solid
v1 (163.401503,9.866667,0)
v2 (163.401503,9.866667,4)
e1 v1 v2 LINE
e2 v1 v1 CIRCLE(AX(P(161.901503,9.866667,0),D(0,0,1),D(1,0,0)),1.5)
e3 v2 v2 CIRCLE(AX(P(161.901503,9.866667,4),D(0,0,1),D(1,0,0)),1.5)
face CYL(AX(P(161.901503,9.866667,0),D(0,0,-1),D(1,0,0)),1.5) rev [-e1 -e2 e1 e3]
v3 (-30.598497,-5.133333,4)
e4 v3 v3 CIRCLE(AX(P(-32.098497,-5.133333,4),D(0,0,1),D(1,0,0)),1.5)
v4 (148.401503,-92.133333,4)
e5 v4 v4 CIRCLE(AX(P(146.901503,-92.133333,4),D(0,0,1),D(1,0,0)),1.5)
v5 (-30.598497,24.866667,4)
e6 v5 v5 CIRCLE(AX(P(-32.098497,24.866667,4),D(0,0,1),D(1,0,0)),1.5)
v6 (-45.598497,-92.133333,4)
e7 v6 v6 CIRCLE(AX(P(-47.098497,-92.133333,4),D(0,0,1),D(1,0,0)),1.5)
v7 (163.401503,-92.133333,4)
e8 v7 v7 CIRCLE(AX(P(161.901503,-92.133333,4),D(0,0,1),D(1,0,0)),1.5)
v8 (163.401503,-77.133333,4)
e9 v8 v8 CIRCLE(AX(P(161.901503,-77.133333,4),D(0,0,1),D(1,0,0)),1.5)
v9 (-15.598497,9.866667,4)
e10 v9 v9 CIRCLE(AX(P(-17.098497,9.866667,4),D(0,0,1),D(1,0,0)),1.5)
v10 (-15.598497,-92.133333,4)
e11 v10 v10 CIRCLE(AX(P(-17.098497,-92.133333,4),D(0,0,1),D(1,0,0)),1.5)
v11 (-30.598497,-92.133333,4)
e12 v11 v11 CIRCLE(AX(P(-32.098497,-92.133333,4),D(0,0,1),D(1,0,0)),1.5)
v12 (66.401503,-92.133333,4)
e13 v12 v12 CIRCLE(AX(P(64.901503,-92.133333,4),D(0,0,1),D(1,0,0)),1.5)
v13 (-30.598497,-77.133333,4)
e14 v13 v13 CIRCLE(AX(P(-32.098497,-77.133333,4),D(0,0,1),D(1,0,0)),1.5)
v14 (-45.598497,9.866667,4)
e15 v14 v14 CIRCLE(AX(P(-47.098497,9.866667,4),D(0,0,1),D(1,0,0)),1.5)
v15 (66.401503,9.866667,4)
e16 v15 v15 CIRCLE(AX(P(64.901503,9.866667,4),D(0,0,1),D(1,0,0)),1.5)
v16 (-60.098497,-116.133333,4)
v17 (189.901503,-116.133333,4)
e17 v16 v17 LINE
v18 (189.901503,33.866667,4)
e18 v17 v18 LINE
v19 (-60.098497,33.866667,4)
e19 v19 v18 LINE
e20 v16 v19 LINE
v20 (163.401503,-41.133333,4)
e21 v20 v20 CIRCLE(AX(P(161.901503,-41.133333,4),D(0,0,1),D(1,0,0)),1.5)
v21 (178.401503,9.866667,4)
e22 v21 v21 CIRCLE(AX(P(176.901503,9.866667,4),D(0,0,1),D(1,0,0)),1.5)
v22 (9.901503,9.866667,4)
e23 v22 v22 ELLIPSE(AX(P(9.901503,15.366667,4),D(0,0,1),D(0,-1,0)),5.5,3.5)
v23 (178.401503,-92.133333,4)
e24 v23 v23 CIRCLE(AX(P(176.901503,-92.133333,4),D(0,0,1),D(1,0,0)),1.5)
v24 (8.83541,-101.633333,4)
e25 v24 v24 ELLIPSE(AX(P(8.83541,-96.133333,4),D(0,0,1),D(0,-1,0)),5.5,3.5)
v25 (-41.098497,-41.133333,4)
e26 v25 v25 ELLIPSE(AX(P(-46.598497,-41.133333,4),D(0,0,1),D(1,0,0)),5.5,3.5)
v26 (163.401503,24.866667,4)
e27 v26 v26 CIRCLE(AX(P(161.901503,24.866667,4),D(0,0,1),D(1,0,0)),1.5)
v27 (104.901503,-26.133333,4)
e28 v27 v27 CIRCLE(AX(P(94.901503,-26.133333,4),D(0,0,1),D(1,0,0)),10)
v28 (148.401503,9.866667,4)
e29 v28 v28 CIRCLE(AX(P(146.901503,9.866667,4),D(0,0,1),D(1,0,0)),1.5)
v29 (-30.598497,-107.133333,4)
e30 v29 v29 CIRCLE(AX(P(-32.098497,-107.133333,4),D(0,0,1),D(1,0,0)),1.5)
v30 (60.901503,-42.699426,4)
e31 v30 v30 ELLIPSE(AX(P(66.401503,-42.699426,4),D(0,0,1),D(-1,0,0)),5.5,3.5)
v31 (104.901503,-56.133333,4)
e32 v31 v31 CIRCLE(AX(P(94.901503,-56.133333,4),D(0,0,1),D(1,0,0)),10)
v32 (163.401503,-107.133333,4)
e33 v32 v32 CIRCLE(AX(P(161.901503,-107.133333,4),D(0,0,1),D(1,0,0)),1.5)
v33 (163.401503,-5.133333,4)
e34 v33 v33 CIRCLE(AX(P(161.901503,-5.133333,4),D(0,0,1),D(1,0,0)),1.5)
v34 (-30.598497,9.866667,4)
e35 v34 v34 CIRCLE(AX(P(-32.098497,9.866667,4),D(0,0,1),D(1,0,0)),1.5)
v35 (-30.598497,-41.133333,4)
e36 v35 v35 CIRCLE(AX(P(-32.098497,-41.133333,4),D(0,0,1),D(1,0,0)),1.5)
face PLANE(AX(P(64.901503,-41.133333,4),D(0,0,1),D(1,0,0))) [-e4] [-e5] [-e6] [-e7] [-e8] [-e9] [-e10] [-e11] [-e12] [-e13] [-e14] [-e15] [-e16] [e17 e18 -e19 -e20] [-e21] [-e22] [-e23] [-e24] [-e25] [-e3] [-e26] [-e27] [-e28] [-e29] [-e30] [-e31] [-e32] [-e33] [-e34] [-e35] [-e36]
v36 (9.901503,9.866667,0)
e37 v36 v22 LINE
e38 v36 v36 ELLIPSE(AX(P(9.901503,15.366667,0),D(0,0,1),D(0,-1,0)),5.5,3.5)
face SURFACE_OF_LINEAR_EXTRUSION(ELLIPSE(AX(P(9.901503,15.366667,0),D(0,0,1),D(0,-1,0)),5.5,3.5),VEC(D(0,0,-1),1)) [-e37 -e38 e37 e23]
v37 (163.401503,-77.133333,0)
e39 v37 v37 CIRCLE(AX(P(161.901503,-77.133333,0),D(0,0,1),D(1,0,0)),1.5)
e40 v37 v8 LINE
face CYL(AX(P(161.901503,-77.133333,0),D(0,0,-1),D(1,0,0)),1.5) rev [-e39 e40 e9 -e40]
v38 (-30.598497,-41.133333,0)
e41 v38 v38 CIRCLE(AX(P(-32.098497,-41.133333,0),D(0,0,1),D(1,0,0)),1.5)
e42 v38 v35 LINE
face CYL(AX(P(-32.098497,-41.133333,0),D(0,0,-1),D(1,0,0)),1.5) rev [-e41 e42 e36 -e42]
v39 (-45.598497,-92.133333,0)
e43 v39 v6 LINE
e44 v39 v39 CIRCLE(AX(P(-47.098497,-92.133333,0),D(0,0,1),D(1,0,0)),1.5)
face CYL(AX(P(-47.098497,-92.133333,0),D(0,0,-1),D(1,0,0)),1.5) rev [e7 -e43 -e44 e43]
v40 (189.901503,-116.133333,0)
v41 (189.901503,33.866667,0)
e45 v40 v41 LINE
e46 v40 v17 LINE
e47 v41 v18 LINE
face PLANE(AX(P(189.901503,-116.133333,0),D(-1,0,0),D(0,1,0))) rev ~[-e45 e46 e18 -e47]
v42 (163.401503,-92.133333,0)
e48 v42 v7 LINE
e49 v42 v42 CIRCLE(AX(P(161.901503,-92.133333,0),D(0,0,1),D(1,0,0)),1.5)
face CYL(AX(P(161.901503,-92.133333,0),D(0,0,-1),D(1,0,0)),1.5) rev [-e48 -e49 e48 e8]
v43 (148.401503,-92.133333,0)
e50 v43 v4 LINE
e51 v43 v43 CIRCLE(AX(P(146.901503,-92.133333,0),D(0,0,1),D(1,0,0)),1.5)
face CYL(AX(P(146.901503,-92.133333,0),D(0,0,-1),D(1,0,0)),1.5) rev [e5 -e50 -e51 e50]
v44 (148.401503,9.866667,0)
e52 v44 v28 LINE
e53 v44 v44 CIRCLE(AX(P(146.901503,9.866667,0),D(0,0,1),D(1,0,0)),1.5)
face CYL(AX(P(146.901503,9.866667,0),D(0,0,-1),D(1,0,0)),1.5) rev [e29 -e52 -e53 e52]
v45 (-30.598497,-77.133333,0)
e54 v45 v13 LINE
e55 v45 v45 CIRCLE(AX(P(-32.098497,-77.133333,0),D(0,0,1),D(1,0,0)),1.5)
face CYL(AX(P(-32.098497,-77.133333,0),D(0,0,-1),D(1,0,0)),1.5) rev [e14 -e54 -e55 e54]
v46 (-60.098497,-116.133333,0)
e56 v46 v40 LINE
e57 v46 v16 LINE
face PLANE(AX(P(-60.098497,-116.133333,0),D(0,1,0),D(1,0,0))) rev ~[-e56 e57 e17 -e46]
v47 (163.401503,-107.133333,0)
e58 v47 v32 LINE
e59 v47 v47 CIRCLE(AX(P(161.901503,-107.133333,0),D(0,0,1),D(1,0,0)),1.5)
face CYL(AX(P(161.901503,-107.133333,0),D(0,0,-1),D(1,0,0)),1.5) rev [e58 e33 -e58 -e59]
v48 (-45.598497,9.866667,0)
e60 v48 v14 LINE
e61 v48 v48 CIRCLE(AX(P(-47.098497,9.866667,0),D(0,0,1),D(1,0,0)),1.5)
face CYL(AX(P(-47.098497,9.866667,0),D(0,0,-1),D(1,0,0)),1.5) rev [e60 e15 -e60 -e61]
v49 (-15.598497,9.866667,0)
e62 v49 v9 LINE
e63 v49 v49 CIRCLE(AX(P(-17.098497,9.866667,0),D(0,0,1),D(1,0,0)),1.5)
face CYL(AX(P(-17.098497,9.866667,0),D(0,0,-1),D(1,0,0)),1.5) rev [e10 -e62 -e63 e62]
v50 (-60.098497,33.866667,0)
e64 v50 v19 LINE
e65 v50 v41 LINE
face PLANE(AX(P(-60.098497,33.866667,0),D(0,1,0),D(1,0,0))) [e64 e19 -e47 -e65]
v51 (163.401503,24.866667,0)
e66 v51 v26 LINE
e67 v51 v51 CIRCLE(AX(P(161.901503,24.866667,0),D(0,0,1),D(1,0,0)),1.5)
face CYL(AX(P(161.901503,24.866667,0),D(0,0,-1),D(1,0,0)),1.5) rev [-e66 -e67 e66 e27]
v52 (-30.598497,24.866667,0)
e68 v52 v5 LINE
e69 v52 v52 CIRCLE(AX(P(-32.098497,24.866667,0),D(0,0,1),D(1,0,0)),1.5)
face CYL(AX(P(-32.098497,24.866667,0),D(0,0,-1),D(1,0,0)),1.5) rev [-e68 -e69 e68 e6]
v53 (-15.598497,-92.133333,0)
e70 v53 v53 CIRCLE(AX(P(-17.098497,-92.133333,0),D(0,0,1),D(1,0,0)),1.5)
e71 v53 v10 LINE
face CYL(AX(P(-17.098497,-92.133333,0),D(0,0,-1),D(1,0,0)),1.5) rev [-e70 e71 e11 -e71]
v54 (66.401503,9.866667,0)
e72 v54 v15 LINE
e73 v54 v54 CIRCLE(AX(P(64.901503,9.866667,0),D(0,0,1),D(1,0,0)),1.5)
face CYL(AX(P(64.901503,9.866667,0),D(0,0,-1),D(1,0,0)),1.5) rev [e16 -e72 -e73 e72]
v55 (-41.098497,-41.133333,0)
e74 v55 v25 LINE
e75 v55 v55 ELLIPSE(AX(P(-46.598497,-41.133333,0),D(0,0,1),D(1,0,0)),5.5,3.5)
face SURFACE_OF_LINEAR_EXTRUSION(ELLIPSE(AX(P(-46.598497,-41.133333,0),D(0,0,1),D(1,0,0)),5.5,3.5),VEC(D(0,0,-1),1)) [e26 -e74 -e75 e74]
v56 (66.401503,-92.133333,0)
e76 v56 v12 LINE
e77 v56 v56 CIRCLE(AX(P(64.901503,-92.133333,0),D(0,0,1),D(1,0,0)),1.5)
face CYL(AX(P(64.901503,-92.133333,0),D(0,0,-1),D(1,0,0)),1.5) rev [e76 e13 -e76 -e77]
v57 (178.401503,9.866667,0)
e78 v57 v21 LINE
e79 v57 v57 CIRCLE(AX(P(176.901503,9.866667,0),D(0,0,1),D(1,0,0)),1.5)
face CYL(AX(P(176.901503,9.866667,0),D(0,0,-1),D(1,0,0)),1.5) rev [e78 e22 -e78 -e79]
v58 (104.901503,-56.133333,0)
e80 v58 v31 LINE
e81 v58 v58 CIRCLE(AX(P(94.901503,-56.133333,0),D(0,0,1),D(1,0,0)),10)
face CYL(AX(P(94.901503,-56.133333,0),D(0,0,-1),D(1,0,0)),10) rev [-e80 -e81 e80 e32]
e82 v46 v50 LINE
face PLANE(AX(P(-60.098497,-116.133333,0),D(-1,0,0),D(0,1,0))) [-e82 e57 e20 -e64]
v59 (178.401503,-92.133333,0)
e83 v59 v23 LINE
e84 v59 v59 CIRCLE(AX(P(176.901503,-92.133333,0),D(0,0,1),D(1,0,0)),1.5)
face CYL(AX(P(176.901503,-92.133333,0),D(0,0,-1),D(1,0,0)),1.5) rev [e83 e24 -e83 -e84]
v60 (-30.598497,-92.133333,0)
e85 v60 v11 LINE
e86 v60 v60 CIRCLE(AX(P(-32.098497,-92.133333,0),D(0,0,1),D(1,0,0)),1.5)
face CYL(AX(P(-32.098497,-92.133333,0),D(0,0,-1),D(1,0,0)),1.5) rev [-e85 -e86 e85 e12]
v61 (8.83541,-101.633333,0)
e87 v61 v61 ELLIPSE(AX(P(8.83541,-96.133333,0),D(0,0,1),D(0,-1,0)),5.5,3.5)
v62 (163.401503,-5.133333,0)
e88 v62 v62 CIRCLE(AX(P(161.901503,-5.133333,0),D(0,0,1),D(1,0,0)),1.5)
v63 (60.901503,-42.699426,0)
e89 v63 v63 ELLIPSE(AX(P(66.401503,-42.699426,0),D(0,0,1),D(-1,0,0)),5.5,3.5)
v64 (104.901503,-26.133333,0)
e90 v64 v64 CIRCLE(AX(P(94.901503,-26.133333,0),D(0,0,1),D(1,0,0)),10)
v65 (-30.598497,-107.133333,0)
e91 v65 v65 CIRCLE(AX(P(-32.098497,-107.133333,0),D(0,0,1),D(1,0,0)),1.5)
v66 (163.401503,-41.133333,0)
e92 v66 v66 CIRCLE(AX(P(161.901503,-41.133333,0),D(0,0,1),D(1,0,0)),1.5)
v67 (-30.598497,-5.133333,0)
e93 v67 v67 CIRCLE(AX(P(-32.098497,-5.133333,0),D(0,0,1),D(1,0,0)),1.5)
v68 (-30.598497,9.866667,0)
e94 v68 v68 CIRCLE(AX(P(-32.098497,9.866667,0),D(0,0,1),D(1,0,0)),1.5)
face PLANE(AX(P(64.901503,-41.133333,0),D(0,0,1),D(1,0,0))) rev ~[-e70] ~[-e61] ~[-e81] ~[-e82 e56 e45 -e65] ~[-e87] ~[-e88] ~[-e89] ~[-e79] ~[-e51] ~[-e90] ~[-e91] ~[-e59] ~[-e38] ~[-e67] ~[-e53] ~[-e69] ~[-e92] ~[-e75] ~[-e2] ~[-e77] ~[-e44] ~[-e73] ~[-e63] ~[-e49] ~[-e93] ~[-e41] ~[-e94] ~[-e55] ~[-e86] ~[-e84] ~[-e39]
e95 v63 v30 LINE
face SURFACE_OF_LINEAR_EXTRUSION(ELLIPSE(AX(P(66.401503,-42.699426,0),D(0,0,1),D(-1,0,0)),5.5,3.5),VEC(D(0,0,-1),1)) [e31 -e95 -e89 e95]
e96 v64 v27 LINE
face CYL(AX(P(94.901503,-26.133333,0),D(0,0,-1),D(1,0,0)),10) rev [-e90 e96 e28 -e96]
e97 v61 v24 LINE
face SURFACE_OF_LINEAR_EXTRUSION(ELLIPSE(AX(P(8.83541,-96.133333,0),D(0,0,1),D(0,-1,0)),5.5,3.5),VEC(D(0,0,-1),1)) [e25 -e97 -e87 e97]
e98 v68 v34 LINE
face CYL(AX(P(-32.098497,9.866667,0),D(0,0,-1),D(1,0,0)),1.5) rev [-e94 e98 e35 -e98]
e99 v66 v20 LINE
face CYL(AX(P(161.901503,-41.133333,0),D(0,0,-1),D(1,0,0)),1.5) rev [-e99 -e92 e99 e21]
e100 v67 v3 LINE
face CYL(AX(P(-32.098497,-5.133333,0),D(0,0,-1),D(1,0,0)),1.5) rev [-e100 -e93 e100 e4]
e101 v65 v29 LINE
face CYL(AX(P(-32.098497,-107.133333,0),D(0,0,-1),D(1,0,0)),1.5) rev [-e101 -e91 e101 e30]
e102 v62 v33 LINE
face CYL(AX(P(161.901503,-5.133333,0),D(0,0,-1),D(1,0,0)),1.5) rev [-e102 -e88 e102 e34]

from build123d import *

# Parameters (mm, degrees)
SKETCH1_W           = 250
SKETCH1_H           = 150
SKETCH1_R           = 1.5
SKETCH1_R_2         = 10
SKETCH1_RX          = 5.5
SKETCH1_RY          = 3.5
BOSS_EXTRUDE3_DEPTH = 4


with BuildPart() as part:
    # Sketch1 → Boss-Extrude3 (new body)
    with BuildSketch(Plane.XY):
        with Locations((64.901502586, -41.133333333)):
            Rectangle(SKETCH1_W, SKETCH1_H)
        with Locations((-32.098497414, -92.133333333)):
            Circle(SKETCH1_R, mode=Mode.SUBTRACT)
        with Locations((-17.098497414, -92.133333333)):
            Circle(SKETCH1_R, mode=Mode.SUBTRACT)
        with Locations((-32.098497414, -107.133333333)):
            Circle(SKETCH1_R, mode=Mode.SUBTRACT)
        with Locations((-47.098497414, -92.133333333)):
            Circle(SKETCH1_R, mode=Mode.SUBTRACT)
        with Locations((-32.098497414, -77.133333333)):
            Circle(SKETCH1_R, mode=Mode.SUBTRACT)
        with Locations((176.901502586, -92.133333333)):
            Circle(SKETCH1_R, mode=Mode.SUBTRACT)
        with Locations((161.901502586, -92.133333333)):
            Circle(SKETCH1_R, mode=Mode.SUBTRACT)
        with Locations((161.901502586, -77.133333333)):
            Circle(SKETCH1_R, mode=Mode.SUBTRACT)
        with Locations((146.901502586, -92.133333333)):
            Circle(SKETCH1_R, mode=Mode.SUBTRACT)
        with Locations((161.901502586, -107.133333333)):
            Circle(SKETCH1_R, mode=Mode.SUBTRACT)
        with Locations((176.901502586, 9.866666667)):
            Circle(SKETCH1_R, mode=Mode.SUBTRACT)
        with Locations((161.901502586, 9.866666667)):
            Circle(SKETCH1_R, mode=Mode.SUBTRACT)
        with Locations((161.901502586, 24.866666667)):
            Circle(SKETCH1_R, mode=Mode.SUBTRACT)
        with Locations((146.901502586, 9.866666667)):
            Circle(SKETCH1_R, mode=Mode.SUBTRACT)
        with Locations((161.901502586, -5.133333333)):
            Circle(SKETCH1_R, mode=Mode.SUBTRACT)
        with Locations((-17.098497414, 9.866666667)):
            Circle(SKETCH1_R, mode=Mode.SUBTRACT)
        with Locations((-32.098497414, 9.866666667)):
            Circle(SKETCH1_R, mode=Mode.SUBTRACT)
        with Locations((-32.098497414, 24.866666667)):
            Circle(SKETCH1_R, mode=Mode.SUBTRACT)
        with Locations((-47.098497414, 9.866666667)):
            Circle(SKETCH1_R, mode=Mode.SUBTRACT)
        with Locations((-32.098497414, -5.133333333)):
            Circle(SKETCH1_R, mode=Mode.SUBTRACT)
        with Locations((-32.098497414, -41.133333333)):
            Circle(SKETCH1_R, mode=Mode.SUBTRACT)
        with Locations((161.901502586, -41.133333333)):
            Circle(SKETCH1_R, mode=Mode.SUBTRACT)
        with Locations((64.901502586, 9.866666667)):
            Circle(SKETCH1_R, mode=Mode.SUBTRACT)
        with Locations((64.901502586, -92.133333333)):
            Circle(SKETCH1_R, mode=Mode.SUBTRACT)
        with Locations((94.901502586, -26.133333333)):
            Circle(SKETCH1_R_2, mode=Mode.SUBTRACT)
        with Locations((94.901502586, -56.133333333)):
            Circle(SKETCH1_R_2, mode=Mode.SUBTRACT)
        with Locations((-46.598497414, -41.133333333)):
            Ellipse(SKETCH1_RX, SKETCH1_RY, mode=Mode.SUBTRACT)
        with Locations(Location((9.901502586, 15.366666667), (0, 0, -90))):
            Ellipse(SKETCH1_RX, SKETCH1_RY, mode=Mode.SUBTRACT)
        with Locations(Location((66.401502586, -42.699426362), (0, 0, 180))):
            Ellipse(SKETCH1_RX, SKETCH1_RY, mode=Mode.SUBTRACT)
        with Locations(Location((8.835409557, -96.133333333), (0, 0, -90))):
            Ellipse(SKETCH1_RX, SKETCH1_RY, mode=Mode.SUBTRACT)
    extrude(amount=BOSS_EXTRUDE3_DEPTH)


solid = part.part
